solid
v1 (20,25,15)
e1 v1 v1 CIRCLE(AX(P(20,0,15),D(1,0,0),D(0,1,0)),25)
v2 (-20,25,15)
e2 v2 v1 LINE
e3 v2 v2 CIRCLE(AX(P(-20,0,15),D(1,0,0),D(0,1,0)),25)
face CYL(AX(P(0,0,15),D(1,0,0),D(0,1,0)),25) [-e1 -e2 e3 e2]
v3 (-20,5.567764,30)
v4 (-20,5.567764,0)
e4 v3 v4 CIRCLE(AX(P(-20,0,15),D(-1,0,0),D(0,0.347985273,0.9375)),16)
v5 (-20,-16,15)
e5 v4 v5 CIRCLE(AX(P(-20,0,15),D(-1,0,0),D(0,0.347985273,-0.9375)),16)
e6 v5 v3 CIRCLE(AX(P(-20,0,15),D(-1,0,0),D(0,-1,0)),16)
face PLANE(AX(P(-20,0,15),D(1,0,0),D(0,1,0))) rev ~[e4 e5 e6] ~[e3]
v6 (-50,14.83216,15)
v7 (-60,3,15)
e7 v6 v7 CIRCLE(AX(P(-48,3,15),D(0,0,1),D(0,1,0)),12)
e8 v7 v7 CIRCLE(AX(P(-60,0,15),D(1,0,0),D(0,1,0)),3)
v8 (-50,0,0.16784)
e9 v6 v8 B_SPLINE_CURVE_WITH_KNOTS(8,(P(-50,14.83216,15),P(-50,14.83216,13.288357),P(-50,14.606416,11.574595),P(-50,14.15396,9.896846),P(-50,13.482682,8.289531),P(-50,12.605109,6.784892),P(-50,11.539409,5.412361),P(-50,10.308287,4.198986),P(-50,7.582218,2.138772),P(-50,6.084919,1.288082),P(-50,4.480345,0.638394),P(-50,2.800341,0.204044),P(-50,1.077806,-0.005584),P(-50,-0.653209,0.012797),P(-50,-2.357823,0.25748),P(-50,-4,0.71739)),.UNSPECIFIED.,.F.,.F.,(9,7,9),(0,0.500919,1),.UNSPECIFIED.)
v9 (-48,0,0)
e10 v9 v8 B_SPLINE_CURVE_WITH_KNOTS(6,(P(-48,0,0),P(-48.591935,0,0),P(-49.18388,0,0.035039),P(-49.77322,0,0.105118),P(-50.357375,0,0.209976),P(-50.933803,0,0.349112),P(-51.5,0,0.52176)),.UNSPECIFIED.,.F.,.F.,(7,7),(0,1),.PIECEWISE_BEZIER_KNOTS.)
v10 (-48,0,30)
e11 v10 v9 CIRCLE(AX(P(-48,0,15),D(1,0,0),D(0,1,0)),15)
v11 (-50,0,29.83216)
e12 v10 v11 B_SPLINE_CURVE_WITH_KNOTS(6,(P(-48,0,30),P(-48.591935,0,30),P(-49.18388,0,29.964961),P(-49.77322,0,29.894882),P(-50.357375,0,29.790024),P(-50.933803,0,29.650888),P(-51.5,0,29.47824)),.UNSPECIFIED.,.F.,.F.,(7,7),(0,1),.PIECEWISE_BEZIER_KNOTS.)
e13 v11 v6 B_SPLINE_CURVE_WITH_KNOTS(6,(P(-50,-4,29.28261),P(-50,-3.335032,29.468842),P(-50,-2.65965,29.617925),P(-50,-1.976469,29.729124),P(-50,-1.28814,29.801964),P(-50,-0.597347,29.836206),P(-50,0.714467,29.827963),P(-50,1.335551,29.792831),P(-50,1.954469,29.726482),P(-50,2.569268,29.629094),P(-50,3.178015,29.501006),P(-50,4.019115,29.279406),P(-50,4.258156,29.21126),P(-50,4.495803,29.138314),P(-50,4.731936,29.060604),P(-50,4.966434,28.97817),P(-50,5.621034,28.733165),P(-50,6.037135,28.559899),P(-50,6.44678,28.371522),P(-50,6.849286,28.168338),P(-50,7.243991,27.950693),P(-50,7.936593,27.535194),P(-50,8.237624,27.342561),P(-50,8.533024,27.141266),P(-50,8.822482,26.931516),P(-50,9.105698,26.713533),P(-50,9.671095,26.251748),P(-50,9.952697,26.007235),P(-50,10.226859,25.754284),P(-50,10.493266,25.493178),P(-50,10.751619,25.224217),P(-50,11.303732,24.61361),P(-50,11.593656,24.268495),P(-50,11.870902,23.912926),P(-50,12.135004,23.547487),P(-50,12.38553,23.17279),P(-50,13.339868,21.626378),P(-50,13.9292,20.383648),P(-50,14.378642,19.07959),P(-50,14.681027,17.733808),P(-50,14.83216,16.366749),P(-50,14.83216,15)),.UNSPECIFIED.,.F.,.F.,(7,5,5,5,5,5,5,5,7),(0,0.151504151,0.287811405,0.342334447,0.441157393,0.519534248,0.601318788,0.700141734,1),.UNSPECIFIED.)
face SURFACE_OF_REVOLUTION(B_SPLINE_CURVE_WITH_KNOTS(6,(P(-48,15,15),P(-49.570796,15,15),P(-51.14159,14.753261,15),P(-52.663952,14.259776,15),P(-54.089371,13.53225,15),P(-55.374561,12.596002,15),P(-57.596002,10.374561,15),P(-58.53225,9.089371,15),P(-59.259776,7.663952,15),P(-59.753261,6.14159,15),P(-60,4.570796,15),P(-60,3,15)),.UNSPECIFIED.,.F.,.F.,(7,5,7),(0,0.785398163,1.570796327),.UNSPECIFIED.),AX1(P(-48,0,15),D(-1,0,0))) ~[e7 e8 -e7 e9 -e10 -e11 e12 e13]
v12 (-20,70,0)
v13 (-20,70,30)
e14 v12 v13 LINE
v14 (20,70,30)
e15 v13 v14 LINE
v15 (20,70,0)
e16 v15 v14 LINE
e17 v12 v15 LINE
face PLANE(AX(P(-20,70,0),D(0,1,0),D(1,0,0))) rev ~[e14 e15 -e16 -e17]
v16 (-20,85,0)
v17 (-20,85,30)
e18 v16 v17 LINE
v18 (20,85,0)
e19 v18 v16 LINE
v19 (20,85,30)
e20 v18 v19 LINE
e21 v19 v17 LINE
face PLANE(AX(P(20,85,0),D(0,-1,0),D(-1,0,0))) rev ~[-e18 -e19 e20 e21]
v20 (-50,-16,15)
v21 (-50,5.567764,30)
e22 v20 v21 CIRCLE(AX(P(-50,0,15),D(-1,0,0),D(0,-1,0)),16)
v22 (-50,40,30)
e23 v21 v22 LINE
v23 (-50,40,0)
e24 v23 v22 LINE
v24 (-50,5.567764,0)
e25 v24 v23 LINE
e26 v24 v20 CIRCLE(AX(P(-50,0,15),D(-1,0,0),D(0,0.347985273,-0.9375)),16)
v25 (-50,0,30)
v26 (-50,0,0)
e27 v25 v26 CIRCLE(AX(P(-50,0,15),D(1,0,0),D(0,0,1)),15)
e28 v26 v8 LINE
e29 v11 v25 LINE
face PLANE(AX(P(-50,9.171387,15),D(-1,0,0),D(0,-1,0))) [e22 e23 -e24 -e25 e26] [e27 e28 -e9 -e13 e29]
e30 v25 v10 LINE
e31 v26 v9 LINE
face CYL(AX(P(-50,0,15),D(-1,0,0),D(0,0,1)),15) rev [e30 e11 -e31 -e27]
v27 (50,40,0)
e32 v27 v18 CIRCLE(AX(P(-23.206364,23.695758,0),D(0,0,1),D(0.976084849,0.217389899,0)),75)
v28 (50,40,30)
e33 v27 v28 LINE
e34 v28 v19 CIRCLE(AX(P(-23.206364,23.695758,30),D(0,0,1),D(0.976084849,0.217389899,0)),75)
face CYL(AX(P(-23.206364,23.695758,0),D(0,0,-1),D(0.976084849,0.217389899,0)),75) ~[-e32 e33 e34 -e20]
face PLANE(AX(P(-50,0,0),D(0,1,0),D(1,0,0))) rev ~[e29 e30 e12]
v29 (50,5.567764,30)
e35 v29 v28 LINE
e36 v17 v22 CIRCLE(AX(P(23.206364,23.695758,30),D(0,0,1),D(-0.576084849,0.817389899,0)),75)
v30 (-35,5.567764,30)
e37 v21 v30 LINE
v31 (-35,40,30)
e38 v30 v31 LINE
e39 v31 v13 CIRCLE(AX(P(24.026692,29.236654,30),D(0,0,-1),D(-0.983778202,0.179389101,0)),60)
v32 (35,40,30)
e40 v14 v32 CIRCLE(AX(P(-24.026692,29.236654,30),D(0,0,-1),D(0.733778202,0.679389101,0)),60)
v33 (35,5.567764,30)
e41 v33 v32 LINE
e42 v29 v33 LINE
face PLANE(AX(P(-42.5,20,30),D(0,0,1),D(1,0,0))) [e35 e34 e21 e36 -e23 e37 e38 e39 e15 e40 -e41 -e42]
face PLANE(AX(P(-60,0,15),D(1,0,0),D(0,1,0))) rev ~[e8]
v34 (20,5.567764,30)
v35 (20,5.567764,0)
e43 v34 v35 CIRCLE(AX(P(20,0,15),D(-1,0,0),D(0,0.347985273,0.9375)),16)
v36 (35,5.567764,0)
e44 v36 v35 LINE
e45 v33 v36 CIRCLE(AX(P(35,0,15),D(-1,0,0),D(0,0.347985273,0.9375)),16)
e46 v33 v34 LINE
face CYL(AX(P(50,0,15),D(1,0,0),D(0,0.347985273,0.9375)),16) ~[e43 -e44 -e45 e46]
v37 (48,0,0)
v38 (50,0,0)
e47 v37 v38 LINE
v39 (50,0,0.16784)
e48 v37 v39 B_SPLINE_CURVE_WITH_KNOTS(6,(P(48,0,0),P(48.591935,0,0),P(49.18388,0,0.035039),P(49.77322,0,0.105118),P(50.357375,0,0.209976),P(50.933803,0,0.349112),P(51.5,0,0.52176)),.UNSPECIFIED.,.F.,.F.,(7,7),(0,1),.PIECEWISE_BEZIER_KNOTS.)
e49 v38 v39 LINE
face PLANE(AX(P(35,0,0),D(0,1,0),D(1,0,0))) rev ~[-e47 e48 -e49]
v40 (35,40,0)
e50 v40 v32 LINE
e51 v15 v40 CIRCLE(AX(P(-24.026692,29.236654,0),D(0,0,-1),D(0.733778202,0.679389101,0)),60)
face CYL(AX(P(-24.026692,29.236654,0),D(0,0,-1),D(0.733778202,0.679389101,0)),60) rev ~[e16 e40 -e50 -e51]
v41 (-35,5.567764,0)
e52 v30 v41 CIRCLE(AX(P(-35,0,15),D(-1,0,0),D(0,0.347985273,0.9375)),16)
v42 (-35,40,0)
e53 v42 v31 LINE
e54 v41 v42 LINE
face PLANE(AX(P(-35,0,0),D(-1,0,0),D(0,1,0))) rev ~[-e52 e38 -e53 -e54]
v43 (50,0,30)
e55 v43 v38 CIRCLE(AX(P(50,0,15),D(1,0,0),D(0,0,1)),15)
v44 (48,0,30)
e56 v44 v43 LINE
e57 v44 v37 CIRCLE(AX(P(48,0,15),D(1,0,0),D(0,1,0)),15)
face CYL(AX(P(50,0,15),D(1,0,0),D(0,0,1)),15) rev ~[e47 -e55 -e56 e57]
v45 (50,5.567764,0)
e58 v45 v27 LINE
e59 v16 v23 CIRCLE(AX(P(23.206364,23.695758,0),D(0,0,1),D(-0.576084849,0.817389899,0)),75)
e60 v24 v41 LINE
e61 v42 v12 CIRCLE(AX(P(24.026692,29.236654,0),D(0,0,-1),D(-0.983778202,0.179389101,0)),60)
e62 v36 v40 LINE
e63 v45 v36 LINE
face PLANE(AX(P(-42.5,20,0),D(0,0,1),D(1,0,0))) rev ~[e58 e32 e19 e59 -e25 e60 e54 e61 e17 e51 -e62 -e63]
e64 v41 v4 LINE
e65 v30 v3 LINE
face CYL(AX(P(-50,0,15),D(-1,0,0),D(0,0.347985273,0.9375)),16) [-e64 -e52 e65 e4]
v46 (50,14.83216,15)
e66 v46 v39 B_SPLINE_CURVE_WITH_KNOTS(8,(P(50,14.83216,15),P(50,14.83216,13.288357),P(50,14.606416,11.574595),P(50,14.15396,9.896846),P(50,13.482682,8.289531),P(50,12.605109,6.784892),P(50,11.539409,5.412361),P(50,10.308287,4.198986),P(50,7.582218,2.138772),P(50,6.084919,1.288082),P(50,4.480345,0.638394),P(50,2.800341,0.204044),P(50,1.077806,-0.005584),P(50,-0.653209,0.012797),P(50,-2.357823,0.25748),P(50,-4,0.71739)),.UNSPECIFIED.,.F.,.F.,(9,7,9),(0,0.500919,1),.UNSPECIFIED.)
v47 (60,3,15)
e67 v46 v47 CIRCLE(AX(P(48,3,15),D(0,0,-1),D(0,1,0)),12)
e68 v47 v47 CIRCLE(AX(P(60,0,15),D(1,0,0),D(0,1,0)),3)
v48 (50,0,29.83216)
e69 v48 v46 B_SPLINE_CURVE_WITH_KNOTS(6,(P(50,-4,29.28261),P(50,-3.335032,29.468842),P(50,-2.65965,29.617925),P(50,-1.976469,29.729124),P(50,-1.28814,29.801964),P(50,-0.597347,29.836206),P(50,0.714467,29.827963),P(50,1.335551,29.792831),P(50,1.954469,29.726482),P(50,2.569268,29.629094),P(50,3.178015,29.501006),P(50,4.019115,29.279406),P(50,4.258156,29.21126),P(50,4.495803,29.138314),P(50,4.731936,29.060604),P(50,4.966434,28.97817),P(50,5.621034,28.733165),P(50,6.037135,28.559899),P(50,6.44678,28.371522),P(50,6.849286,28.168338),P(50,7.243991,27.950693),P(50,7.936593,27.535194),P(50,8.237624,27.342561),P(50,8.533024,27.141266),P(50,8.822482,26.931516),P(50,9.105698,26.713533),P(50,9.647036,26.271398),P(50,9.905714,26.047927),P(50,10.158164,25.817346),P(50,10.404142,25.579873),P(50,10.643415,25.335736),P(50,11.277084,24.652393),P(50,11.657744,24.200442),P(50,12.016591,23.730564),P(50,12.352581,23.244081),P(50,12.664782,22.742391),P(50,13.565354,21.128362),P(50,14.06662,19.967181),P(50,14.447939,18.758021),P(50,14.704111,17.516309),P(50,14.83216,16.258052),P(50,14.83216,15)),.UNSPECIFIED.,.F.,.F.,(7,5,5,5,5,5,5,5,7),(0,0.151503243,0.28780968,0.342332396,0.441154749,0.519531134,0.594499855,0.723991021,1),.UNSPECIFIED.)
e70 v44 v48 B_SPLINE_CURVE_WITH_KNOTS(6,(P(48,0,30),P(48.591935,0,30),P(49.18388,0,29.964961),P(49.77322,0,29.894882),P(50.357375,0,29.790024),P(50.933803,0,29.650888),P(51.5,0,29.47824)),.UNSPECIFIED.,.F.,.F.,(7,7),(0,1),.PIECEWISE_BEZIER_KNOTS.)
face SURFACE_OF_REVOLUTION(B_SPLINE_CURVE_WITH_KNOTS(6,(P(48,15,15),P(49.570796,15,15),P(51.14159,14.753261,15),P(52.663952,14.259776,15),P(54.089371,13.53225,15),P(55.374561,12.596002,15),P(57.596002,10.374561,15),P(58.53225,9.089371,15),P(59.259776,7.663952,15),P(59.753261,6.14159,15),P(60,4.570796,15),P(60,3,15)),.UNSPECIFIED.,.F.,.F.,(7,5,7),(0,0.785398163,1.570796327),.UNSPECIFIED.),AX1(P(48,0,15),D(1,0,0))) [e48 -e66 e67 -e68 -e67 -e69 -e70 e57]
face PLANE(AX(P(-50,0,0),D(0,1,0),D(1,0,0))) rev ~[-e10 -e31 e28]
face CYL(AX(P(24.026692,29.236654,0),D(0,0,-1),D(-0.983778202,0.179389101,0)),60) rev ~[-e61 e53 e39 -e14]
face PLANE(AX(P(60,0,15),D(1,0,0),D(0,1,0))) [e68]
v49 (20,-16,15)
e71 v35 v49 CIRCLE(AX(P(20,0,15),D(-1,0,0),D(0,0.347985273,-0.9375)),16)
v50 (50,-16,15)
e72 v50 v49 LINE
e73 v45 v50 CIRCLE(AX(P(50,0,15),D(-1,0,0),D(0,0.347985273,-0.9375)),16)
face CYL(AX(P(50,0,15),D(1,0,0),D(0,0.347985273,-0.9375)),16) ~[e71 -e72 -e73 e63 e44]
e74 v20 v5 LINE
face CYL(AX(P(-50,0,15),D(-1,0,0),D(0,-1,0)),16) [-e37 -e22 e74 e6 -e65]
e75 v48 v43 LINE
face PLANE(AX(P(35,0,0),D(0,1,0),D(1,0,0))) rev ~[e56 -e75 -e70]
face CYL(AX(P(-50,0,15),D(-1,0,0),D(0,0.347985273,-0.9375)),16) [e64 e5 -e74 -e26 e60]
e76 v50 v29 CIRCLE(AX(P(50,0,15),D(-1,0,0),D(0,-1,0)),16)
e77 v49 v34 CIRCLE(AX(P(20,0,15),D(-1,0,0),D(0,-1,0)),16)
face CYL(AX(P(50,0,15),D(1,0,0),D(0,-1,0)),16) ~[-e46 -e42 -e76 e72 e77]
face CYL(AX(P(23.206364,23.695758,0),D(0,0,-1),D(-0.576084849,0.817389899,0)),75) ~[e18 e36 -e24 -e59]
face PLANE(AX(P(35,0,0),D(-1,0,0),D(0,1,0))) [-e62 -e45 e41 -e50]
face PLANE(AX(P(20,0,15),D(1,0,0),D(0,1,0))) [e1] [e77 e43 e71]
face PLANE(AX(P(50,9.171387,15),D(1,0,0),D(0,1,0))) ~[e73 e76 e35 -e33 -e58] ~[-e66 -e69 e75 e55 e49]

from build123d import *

# Parameters (mm, degrees)
F0_W          = 15
F0_H          = 40
F0_W_2        = 20
F0_H_2        = 15
F1_DEPTH      = 30
F2_R          = 25
F2_R_2        = 15
F3_DEPTH      = 20
F3_DEPTH_BACK = 20
F4_DEPTH      = 60
F4_DEPTH_BACK = 60
F5_R          = 12
F7_DEPTH      = 30


with BuildPart() as f1:
    # F0 (on Top) → F1 (new body)
    with BuildSketch(Plane.XY):
        with Locations((-42.5, 20)):
            Rectangle(F0_W, F0_H)
        with BuildLine():
            ThreePointArc((-35, 40), (-29.638939348, 56.069469674), (-20, 70))
            Line((-20, 70), (-20, 85))
            ThreePointArc((-20, 85), (-39.1974084264, 65.2982722843), (-50, 40))
            Line((-50, 40), (-35, 40))
        make_face()
        with Locations((-10, 77.5)):
            Rectangle(F0_W_2, F0_H_2)
        with Locations((10, 77.5)):
            Rectangle(F0_W_2, F0_H_2)
        with BuildLine():
            ThreePointArc((20, 70), (29.638939348, 56.069469674), (35, 40))
            Line((35, 40), (50, 40))
            ThreePointArc((50, 40), (39.1974084264, 65.2982722843), (20, 85))
            Line((20, 85), (20, 70))
        make_face()
        with Locations((42.5, 20)):
            Rectangle(F0_W, F0_H)
    extrude(amount=F1_DEPTH)



with BuildPart() as f3:
    # F2 (on Right) → F3 (new body, two sides)
    with BuildSketch(Plane.YZ) as f3_sk:
        with Locations((0, 15)):
            Circle(F2_R)
        with Locations((0, 15)):
            Circle(F2_R_2, mode=Mode.SUBTRACT)
    extrude(amount=F3_DEPTH)
    extrude(f3_sk.sketch, amount=-F3_DEPTH_BACK)


with BuildPart() as f4:
    # F2 (on Right) → F4 (new body, two sides)
    with BuildSketch(Plane.YZ) as f4_sk:
        with Locations((0, 15)):
            Circle(F2_R_2)
    extrude(amount=F4_DEPTH)
    extrude(f4_sk.sketch, amount=-F4_DEPTH_BACK)

    # F5
    f5_edges = [f4.edges().sort_by_distance(p)[0] for p in [
        (-60, -15, 15),
        (60, -15, 15),
    ]]
    fillet(f5_edges, radius=F5_R)


with BuildPart() as f1_1:
    add(f1.part)

    add(f3.part)  # F7 merges F3

    add(f4.part)  # F7 merges F4
    # F6 (on face) → F7 (join)
    with BuildSketch(Plane(origin=(-50, 0, 0), x_dir=(0, -1, 0), z_dir=(-1, 0, 0))):
        with BuildLine():
            ThreePointArc((0, 0), (-15, 15), (0, 30))
            Line((0, 30), (-5.5677643628, 30))
            ThreePointArc((-5.5677643628, 30), (-16, 15), (-5.5677643628, 0))
            Line((-5.5677643628, 0), (0, 0))
        make_face()
        with BuildLine():
            Line((-5.5677643628, 30), (0, 30))
            ThreePointArc((0, 30), (10.6066017178, 25.6066017178), (15, 15))
            ThreePointArc((15, 15), (10.6066017178, 4.3933982822), (0, 0))
            Line((0, 0), (-5.5677643628, 0))
            ThreePointArc((-5.5677643628, 0), (9.1355287257, 1.8644712743), (16, 15))
            ThreePointArc((16, 15), (9.1355287257, 28.1355287257), (-5.5677643628, 30))
        make_face()
    extrude(amount=-F7_DEPTH)

    # F8: F1 across plane


with BuildPart() as f1_2:
    add(f1_1.part)
    add(f1_1.part.mirror(Plane.YZ))


solid = f1_2.part
